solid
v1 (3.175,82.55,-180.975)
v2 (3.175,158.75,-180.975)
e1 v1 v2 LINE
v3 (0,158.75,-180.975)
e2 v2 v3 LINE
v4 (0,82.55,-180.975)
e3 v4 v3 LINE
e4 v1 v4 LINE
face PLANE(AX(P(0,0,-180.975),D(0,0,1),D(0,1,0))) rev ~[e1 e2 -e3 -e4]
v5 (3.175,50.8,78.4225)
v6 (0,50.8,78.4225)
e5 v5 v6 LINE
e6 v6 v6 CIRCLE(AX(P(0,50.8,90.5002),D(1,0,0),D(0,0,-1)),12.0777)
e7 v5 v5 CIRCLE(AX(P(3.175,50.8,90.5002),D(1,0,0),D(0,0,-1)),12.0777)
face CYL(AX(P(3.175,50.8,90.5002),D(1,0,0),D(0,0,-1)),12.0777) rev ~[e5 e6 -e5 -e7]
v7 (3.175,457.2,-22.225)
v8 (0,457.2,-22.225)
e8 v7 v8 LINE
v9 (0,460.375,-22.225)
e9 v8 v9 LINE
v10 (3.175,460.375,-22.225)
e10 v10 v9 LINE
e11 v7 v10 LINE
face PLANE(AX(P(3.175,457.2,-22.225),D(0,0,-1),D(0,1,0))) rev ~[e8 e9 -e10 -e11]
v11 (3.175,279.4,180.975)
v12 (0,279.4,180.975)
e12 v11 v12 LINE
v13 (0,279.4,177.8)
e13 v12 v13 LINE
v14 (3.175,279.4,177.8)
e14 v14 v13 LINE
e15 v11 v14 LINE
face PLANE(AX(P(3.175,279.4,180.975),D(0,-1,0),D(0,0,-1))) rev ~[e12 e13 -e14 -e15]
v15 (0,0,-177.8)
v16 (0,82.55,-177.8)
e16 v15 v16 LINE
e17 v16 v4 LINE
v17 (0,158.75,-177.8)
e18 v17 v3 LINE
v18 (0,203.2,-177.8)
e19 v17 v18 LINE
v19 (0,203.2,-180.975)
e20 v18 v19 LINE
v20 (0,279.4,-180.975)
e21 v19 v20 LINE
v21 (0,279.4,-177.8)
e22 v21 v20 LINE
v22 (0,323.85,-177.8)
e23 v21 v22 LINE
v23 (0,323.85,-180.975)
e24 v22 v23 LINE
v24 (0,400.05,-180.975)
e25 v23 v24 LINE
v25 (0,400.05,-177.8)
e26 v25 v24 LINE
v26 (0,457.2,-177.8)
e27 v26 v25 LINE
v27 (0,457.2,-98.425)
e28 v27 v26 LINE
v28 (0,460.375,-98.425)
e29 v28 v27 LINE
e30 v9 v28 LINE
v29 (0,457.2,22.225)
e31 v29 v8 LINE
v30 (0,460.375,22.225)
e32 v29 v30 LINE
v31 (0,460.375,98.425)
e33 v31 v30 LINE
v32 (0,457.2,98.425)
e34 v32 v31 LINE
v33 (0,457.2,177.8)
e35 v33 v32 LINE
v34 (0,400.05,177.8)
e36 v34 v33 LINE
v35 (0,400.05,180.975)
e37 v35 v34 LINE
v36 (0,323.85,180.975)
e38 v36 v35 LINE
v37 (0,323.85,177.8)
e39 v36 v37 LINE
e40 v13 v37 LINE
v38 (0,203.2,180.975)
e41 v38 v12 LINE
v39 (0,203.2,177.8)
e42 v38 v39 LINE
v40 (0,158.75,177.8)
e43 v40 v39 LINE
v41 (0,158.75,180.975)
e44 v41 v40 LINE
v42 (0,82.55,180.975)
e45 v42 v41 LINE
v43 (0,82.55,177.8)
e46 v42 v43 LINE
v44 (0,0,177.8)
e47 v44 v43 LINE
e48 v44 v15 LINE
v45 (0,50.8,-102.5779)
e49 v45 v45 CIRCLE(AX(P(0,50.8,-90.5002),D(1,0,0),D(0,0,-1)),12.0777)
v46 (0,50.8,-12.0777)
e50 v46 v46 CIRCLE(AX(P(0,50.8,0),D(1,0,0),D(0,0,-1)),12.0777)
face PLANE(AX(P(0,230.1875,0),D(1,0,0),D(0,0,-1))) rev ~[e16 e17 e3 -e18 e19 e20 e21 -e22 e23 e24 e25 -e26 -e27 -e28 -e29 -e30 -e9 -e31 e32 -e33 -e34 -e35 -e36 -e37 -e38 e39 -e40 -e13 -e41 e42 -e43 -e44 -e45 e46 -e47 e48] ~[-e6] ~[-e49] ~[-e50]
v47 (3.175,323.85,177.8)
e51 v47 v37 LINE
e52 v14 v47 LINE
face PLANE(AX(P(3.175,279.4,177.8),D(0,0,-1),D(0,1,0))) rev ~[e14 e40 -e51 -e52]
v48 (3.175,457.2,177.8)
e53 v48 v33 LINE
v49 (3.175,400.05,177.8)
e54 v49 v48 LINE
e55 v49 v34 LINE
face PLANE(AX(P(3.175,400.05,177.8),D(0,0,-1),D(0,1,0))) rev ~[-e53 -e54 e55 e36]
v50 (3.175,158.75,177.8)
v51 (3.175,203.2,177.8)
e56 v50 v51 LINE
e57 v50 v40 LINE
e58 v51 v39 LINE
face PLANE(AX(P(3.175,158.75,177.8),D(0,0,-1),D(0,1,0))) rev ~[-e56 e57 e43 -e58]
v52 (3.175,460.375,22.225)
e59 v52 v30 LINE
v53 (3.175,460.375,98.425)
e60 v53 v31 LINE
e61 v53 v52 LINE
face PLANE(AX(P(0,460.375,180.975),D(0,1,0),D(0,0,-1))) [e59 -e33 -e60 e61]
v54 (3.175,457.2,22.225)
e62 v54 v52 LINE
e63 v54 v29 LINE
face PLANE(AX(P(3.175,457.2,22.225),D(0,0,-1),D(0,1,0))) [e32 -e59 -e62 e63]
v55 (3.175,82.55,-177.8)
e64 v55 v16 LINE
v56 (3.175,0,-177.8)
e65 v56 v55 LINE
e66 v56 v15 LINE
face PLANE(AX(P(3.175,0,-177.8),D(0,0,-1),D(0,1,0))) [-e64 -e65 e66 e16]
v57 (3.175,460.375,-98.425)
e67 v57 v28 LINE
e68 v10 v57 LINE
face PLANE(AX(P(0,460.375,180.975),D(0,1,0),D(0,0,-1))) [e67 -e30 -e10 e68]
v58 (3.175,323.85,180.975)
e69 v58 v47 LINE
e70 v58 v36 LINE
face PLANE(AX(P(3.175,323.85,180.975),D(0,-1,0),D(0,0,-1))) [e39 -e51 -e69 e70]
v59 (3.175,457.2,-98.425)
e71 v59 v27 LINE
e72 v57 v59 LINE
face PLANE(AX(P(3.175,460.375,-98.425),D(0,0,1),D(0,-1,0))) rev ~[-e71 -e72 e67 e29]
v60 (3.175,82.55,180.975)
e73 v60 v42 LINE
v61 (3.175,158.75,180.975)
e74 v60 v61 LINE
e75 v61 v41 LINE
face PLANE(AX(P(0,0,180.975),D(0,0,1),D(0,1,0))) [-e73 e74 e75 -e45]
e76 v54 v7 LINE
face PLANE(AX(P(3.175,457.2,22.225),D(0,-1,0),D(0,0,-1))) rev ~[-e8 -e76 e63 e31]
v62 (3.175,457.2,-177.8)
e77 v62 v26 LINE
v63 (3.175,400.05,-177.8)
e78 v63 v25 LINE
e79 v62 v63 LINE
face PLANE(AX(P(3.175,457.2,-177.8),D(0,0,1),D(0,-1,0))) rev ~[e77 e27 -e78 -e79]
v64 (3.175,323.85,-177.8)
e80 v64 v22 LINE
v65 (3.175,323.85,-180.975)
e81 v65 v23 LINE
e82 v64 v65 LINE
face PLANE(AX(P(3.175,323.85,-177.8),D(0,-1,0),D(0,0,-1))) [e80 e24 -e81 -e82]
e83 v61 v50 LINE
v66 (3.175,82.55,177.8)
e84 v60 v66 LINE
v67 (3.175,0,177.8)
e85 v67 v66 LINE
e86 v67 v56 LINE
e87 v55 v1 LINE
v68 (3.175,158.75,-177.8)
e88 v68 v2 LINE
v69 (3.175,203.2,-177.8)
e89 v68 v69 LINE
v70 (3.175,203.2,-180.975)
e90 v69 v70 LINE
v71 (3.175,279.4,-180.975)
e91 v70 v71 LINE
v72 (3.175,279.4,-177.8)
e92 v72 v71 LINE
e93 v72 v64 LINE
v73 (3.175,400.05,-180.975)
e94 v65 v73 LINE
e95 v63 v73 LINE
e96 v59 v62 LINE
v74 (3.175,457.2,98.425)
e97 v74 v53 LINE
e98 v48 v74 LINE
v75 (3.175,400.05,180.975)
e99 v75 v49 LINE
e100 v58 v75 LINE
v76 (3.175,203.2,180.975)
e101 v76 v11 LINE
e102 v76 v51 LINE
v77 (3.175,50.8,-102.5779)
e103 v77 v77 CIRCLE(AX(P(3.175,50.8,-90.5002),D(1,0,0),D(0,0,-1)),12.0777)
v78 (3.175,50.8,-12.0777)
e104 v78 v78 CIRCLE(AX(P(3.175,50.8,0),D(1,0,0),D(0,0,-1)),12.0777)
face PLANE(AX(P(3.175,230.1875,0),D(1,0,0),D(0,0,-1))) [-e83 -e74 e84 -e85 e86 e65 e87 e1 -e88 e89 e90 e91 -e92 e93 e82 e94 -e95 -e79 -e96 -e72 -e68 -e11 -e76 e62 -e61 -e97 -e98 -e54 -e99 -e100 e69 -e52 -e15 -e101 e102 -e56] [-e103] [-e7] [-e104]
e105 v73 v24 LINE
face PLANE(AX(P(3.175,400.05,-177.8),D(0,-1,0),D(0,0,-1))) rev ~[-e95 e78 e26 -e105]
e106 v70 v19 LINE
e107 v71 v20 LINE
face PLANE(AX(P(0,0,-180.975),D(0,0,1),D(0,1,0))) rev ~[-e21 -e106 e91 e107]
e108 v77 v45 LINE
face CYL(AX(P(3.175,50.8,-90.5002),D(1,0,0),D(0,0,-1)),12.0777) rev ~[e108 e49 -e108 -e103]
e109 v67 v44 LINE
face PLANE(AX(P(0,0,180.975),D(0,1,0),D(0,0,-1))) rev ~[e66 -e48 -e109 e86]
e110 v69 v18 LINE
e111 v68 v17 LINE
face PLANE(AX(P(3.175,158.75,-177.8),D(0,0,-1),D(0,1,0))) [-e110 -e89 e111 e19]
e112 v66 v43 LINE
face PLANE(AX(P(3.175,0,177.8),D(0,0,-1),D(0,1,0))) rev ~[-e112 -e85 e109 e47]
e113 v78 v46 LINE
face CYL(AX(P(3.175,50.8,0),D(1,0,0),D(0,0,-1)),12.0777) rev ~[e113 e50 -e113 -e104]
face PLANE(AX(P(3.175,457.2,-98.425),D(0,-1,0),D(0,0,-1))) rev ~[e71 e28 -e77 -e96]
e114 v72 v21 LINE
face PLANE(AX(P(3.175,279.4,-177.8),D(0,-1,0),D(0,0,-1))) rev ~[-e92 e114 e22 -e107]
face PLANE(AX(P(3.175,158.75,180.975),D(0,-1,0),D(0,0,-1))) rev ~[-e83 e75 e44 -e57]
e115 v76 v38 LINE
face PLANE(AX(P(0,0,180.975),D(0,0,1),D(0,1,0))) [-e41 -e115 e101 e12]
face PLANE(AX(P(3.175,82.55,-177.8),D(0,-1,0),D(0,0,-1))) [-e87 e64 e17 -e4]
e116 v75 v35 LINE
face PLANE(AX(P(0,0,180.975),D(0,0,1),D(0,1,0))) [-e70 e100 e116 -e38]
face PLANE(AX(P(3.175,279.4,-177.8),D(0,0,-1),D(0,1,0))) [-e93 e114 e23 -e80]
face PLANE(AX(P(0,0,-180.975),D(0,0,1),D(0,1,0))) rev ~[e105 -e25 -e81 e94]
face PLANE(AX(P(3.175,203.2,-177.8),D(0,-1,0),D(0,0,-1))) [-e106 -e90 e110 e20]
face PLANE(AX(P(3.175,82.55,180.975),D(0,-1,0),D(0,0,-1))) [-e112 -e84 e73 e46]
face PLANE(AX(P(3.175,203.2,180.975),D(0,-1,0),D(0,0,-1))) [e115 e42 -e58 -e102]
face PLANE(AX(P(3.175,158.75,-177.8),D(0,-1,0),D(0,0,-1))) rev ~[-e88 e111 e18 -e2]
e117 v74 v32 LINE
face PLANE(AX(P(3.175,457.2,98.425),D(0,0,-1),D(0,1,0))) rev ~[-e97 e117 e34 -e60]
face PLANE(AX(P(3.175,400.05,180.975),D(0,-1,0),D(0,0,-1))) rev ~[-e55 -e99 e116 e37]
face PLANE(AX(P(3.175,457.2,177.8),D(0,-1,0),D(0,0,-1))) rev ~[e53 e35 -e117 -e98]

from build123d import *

# Parameters (mm, degrees)
SKETCH1_W           = 361.95
SKETCH1_H           = 460.375
BOSS_EXTRUDE1_DEPTH = 3.175
SKETCH2_W           = 3.175
SKETCH2_H           = 82.55
SKETCH2_H_2         = 44.45
SKETCH2_W_2         = 22.225
SKETCH2_H_3         = 3.175
CUT_EXTRUDE1_DEPTH  = 3.175
SKETCH3_R           = 12.0777
CUT_EXTRUDE2_DEPTH  = 3.175


with BuildPart() as part:
    # Sketch1 → Boss-Extrude1 (new body)
    with BuildSketch(Plane(origin=(0, 0, 0), x_dir=(0, 0, -1), z_dir=(1, 0, 0))):
        with Locations((0, 230.1875)):
            Rectangle(SKETCH1_W, SKETCH1_H)
    extrude(amount=BOSS_EXTRUDE1_DEPTH)

    # Sketch2 → Cut-Extrude1 (cut)
    with BuildSketch(Plane(origin=(3.175, 0, 0), x_dir=(0, 0, -1), z_dir=(1, 0, 0))):
        with Locations((-179.3875, 41.275)):
            Rectangle(SKETCH2_W, SKETCH2_H)
        with Locations((-179.3875, 180.975)):
            Rectangle(SKETCH2_W, SKETCH2_H_2)
        with Locations((-179.3875, 301.625)):
            Rectangle(SKETCH2_W, SKETCH2_H_2)
        Polygon((-98.425, 460.375), (-180.975, 460.375), (-180.975, 400.05), (-177.8, 400.05), (-177.8, 457.2), (-98.425, 457.2), align=None)
        with Locations((-11.1125, 458.7875)):
            Rectangle(SKETCH2_W_2, SKETCH2_H_3)
        with Locations((11.1125, 458.7875)):
            Rectangle(SKETCH2_W_2, SKETCH2_H_3)
        Polygon((180.975, 460.375), (98.425, 460.375), (98.425, 457.2), (177.8, 457.2), (177.8, 400.05), (180.975, 400.05), align=None)
        with Locations((179.3875, 301.625)):
            Rectangle(SKETCH2_W, SKETCH2_H_2)
        with Locations((179.3875, 180.975)):
            Rectangle(SKETCH2_W, SKETCH2_H_2)
        with Locations((179.3875, 41.275)):
            Rectangle(SKETCH2_W, SKETCH2_H)
    extrude(amount=-CUT_EXTRUDE1_DEPTH, mode=Mode.SUBTRACT)

    # Sketch3 → Cut-Extrude2 (cut)
    with BuildSketch(Plane(origin=(3.175, 0, 0), x_dir=(0, 0, -1), z_dir=(1, 0, 0))):
        with Locations((0, 50.8)):
            Circle(SKETCH3_R)
        with Locations((-90.5002, 50.8)):
            Circle(SKETCH3_R)
        with Locations((90.5002, 50.8)):
            Circle(SKETCH3_R)
    extrude(amount=-CUT_EXTRUDE2_DEPTH, mode=Mode.SUBTRACT)


solid = part.part
